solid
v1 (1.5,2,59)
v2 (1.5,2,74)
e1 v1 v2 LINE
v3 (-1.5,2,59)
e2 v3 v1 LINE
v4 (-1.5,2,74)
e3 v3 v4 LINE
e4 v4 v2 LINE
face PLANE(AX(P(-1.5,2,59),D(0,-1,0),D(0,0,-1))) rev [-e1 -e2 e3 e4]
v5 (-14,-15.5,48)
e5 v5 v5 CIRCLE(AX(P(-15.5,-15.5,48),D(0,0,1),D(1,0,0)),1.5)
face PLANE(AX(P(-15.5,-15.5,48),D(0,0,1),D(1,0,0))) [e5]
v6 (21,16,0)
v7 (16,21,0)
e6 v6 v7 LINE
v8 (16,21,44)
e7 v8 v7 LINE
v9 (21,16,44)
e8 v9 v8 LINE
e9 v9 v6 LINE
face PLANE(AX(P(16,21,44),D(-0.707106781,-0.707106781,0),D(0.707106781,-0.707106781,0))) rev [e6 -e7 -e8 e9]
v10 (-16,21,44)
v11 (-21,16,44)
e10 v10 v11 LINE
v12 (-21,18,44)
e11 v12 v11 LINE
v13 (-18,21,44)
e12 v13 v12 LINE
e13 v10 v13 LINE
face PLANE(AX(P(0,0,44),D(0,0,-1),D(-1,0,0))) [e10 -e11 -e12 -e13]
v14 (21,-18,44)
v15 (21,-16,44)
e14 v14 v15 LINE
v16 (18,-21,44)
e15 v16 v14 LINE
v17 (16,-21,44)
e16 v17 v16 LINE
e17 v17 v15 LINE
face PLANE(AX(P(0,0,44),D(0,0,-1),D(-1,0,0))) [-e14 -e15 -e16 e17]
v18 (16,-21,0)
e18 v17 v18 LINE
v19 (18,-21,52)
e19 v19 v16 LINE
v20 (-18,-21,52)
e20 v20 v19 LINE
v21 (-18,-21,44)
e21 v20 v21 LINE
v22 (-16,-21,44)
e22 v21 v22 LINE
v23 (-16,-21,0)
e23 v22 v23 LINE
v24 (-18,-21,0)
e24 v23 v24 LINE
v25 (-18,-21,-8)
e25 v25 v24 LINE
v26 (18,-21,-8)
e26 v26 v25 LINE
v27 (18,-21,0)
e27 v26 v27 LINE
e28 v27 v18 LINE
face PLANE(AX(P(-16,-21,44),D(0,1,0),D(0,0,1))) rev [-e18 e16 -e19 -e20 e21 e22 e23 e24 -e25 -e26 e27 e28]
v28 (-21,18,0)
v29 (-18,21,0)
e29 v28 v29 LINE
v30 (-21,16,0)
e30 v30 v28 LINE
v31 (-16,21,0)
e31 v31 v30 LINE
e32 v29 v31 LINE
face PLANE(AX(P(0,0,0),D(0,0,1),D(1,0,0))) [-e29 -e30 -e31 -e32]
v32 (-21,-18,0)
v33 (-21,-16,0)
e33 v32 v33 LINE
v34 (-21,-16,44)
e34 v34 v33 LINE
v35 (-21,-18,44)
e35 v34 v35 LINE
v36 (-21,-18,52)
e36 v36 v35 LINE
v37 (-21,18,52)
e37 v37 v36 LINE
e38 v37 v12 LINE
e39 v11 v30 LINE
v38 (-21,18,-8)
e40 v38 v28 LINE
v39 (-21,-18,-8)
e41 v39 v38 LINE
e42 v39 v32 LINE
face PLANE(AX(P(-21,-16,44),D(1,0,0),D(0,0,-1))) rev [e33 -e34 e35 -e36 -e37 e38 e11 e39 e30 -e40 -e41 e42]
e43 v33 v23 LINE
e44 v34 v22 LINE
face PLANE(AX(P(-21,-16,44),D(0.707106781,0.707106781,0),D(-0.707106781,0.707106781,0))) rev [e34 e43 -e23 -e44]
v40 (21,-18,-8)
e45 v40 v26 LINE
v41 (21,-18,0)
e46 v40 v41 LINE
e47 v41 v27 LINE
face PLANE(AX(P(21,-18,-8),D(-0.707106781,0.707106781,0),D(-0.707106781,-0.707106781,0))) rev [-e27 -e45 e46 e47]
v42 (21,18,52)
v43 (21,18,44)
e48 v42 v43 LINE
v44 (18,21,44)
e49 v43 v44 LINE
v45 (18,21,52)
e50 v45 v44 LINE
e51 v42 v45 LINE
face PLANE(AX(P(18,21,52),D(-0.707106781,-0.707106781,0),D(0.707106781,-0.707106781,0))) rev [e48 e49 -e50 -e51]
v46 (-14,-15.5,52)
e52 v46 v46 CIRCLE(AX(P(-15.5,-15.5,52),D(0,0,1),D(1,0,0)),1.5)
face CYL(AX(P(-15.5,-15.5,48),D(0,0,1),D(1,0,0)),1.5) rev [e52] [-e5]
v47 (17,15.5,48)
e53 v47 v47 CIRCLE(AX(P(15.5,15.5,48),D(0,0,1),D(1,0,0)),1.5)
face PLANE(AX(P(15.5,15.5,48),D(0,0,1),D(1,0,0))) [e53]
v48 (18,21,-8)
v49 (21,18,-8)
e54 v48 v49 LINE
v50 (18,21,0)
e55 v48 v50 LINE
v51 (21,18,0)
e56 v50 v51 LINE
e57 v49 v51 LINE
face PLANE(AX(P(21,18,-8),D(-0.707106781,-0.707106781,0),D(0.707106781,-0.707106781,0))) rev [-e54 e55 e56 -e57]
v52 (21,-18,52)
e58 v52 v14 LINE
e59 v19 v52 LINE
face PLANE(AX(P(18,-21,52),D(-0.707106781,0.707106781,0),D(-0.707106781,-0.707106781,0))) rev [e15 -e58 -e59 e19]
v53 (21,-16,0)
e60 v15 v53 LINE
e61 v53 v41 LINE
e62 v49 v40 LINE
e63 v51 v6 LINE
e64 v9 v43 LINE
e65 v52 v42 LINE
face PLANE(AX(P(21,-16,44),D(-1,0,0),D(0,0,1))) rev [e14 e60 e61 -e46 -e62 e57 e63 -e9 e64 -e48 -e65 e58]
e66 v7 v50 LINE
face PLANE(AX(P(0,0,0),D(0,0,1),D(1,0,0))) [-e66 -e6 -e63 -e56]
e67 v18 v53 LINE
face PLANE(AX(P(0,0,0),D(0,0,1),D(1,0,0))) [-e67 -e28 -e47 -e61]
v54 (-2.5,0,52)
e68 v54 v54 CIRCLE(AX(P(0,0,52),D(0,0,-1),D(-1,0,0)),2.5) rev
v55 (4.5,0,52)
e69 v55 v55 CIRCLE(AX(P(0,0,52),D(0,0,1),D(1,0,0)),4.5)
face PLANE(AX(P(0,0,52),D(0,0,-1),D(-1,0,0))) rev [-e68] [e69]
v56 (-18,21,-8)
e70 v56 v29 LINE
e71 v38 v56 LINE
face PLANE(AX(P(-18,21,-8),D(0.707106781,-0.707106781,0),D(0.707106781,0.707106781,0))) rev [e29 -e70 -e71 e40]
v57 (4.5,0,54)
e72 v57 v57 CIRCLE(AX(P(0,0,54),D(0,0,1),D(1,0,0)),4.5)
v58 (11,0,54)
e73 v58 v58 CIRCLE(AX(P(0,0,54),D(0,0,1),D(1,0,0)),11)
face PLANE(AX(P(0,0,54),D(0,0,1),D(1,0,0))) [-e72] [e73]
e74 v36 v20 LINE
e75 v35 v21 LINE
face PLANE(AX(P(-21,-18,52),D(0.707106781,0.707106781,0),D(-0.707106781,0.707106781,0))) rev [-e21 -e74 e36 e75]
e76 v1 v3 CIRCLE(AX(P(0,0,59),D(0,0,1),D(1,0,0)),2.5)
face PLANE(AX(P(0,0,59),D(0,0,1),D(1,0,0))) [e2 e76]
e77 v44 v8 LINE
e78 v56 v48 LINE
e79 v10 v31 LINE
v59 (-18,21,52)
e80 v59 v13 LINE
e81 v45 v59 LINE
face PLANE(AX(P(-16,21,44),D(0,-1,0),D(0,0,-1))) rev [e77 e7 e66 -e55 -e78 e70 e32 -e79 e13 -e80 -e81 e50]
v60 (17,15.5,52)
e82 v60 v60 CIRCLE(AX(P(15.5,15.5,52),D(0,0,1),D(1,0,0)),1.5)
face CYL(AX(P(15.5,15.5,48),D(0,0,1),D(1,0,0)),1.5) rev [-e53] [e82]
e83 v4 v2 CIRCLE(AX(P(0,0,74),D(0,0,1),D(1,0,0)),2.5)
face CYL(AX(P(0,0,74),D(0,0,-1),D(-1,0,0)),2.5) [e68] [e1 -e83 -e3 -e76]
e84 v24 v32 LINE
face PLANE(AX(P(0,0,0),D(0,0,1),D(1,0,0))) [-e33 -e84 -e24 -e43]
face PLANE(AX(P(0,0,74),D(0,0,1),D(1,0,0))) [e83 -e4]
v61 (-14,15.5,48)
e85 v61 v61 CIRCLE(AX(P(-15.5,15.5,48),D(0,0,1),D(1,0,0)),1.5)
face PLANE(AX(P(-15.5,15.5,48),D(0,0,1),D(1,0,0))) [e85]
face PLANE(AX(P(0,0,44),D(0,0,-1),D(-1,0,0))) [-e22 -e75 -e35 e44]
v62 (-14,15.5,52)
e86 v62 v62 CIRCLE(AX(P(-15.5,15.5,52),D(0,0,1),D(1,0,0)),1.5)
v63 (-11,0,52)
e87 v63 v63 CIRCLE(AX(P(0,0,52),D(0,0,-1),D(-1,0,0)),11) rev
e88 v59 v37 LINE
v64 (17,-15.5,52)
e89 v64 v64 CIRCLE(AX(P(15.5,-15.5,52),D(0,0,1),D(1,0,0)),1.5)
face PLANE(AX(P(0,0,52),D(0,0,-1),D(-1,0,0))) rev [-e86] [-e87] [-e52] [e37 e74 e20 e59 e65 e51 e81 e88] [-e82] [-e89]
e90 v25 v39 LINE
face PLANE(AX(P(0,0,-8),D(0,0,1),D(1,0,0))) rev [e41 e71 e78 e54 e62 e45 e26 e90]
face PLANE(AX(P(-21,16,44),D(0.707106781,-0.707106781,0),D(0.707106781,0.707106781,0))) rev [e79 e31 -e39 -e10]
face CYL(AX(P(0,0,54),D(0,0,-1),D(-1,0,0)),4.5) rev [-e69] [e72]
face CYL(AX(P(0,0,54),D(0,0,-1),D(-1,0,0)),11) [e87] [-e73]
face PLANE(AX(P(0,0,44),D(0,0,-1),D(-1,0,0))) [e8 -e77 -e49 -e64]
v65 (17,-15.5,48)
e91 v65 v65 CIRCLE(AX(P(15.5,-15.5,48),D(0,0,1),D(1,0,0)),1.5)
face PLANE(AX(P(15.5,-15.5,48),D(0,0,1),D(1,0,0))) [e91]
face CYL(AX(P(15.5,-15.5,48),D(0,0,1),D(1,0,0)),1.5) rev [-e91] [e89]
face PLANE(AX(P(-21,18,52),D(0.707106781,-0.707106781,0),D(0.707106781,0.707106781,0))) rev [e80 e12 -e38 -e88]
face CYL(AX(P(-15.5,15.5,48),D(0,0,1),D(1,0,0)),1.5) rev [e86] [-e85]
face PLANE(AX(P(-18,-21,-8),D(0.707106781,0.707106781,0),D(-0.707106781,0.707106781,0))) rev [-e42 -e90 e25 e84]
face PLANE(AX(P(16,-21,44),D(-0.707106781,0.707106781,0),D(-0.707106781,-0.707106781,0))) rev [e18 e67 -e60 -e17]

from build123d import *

# Parameters (mm, degrees)
SALIENTE_EXTRUIR1_DEPTH = 44
SALIENTE_EXTRUIR2_DEPTH = 8
SALIENTE_EXTRUIR3_DEPTH = 8
CROQUIS4_R              = 11
CROQUIS4_R_2            = 4.5
SALIENTE_EXTRUIR4_DEPTH = 2
CROQUIS5_R              = 2.5
SALIENTE_EXTRUIR5_DEPTH = 22
CORTAR_EXTRUIR1_START   = -15
CORTAR_EXTRUIR1_DEPTH   = 15
CROQUIS7_R              = 1.5
CORTAR_EXTRUIR2_DEPTH   = 4


with BuildPart() as part:
    # Croquis1 → Saliente-Extruir1 (new body)
    with BuildSketch(Plane.XY):
        Polygon((-21, 16), (-16, 21), (16, 21), (21, 16), (21, -16), (16, -21), (-16, -21), (-21, -16), align=None)
    extrude(amount=SALIENTE_EXTRUIR1_DEPTH)

    # Croquis2 → Saliente-Extruir2 (add)
    with BuildSketch(Plane.XY.offset(44)):
        Polygon((-21, 18), (-18, 21), (18, 21), (21, 18), (21, -18), (18, -21), (-18, -21), (-21, -18), align=None)
    extrude(amount=SALIENTE_EXTRUIR2_DEPTH)

    # Croquis3 → Saliente-Extruir3 (add)
    with BuildSketch(Plane(origin=(0, 0, 0), x_dir=(-1, 0, 0), z_dir=(0, 0, -1))):
        Polygon((-21, 18), (-18, 21), (18, 21), (21, 18), (21, -18), (18, -21), (-18, -21), (-21, -18), align=None)
    extrude(amount=SALIENTE_EXTRUIR3_DEPTH)

    # Croquis4 → Saliente-Extruir4 (add)
    with BuildSketch(Plane.XY.offset(52)):
        with Locations(Location((0, 0, 0), (0, 0, 180))):
            Circle(CROQUIS4_R)
        Circle(CROQUIS4_R_2, mode=Mode.SUBTRACT)
    extrude(amount=SALIENTE_EXTRUIR4_DEPTH)

    # Croquis5 → Saliente-Extruir5 (add)
    with BuildSketch(Plane.XY.offset(52)):
        with Locations(Location((0, 0, 0), (0, 0, 180))):
            Circle(CROQUIS5_R)
    extrude(amount=SALIENTE_EXTRUIR5_DEPTH)

    # Croquis6 → Cortar-Extruir1 (cut)
    with BuildSketch(Plane.XY.offset(74).offset(CORTAR_EXTRUIR1_START)):
        with BuildLine():
            Line((-1.5, 2), (1.5, 2))
            ThreePointArc((1.5, 2), (0, 2.5), (-1.5, 2))
        make_face()
    extrude(amount=CORTAR_EXTRUIR1_DEPTH, mode=Mode.SUBTRACT)

    # Croquis7 → Cortar-Extruir2 (cut)
    with BuildSketch(Plane.XY.offset(52)):
        with Locations((-15.5, 15.5)):
            Circle(CROQUIS7_R)
        with Locations((15.5, 15.5)):
            Circle(CROQUIS7_R)
        with Locations((15.5, -15.5)):
            Circle(CROQUIS7_R)
        with Locations((-15.5, -15.5)):
            Circle(CROQUIS7_R)
    extrude(amount=-CORTAR_EXTRUIR2_DEPTH, mode=Mode.SUBTRACT)


solid = part.part
